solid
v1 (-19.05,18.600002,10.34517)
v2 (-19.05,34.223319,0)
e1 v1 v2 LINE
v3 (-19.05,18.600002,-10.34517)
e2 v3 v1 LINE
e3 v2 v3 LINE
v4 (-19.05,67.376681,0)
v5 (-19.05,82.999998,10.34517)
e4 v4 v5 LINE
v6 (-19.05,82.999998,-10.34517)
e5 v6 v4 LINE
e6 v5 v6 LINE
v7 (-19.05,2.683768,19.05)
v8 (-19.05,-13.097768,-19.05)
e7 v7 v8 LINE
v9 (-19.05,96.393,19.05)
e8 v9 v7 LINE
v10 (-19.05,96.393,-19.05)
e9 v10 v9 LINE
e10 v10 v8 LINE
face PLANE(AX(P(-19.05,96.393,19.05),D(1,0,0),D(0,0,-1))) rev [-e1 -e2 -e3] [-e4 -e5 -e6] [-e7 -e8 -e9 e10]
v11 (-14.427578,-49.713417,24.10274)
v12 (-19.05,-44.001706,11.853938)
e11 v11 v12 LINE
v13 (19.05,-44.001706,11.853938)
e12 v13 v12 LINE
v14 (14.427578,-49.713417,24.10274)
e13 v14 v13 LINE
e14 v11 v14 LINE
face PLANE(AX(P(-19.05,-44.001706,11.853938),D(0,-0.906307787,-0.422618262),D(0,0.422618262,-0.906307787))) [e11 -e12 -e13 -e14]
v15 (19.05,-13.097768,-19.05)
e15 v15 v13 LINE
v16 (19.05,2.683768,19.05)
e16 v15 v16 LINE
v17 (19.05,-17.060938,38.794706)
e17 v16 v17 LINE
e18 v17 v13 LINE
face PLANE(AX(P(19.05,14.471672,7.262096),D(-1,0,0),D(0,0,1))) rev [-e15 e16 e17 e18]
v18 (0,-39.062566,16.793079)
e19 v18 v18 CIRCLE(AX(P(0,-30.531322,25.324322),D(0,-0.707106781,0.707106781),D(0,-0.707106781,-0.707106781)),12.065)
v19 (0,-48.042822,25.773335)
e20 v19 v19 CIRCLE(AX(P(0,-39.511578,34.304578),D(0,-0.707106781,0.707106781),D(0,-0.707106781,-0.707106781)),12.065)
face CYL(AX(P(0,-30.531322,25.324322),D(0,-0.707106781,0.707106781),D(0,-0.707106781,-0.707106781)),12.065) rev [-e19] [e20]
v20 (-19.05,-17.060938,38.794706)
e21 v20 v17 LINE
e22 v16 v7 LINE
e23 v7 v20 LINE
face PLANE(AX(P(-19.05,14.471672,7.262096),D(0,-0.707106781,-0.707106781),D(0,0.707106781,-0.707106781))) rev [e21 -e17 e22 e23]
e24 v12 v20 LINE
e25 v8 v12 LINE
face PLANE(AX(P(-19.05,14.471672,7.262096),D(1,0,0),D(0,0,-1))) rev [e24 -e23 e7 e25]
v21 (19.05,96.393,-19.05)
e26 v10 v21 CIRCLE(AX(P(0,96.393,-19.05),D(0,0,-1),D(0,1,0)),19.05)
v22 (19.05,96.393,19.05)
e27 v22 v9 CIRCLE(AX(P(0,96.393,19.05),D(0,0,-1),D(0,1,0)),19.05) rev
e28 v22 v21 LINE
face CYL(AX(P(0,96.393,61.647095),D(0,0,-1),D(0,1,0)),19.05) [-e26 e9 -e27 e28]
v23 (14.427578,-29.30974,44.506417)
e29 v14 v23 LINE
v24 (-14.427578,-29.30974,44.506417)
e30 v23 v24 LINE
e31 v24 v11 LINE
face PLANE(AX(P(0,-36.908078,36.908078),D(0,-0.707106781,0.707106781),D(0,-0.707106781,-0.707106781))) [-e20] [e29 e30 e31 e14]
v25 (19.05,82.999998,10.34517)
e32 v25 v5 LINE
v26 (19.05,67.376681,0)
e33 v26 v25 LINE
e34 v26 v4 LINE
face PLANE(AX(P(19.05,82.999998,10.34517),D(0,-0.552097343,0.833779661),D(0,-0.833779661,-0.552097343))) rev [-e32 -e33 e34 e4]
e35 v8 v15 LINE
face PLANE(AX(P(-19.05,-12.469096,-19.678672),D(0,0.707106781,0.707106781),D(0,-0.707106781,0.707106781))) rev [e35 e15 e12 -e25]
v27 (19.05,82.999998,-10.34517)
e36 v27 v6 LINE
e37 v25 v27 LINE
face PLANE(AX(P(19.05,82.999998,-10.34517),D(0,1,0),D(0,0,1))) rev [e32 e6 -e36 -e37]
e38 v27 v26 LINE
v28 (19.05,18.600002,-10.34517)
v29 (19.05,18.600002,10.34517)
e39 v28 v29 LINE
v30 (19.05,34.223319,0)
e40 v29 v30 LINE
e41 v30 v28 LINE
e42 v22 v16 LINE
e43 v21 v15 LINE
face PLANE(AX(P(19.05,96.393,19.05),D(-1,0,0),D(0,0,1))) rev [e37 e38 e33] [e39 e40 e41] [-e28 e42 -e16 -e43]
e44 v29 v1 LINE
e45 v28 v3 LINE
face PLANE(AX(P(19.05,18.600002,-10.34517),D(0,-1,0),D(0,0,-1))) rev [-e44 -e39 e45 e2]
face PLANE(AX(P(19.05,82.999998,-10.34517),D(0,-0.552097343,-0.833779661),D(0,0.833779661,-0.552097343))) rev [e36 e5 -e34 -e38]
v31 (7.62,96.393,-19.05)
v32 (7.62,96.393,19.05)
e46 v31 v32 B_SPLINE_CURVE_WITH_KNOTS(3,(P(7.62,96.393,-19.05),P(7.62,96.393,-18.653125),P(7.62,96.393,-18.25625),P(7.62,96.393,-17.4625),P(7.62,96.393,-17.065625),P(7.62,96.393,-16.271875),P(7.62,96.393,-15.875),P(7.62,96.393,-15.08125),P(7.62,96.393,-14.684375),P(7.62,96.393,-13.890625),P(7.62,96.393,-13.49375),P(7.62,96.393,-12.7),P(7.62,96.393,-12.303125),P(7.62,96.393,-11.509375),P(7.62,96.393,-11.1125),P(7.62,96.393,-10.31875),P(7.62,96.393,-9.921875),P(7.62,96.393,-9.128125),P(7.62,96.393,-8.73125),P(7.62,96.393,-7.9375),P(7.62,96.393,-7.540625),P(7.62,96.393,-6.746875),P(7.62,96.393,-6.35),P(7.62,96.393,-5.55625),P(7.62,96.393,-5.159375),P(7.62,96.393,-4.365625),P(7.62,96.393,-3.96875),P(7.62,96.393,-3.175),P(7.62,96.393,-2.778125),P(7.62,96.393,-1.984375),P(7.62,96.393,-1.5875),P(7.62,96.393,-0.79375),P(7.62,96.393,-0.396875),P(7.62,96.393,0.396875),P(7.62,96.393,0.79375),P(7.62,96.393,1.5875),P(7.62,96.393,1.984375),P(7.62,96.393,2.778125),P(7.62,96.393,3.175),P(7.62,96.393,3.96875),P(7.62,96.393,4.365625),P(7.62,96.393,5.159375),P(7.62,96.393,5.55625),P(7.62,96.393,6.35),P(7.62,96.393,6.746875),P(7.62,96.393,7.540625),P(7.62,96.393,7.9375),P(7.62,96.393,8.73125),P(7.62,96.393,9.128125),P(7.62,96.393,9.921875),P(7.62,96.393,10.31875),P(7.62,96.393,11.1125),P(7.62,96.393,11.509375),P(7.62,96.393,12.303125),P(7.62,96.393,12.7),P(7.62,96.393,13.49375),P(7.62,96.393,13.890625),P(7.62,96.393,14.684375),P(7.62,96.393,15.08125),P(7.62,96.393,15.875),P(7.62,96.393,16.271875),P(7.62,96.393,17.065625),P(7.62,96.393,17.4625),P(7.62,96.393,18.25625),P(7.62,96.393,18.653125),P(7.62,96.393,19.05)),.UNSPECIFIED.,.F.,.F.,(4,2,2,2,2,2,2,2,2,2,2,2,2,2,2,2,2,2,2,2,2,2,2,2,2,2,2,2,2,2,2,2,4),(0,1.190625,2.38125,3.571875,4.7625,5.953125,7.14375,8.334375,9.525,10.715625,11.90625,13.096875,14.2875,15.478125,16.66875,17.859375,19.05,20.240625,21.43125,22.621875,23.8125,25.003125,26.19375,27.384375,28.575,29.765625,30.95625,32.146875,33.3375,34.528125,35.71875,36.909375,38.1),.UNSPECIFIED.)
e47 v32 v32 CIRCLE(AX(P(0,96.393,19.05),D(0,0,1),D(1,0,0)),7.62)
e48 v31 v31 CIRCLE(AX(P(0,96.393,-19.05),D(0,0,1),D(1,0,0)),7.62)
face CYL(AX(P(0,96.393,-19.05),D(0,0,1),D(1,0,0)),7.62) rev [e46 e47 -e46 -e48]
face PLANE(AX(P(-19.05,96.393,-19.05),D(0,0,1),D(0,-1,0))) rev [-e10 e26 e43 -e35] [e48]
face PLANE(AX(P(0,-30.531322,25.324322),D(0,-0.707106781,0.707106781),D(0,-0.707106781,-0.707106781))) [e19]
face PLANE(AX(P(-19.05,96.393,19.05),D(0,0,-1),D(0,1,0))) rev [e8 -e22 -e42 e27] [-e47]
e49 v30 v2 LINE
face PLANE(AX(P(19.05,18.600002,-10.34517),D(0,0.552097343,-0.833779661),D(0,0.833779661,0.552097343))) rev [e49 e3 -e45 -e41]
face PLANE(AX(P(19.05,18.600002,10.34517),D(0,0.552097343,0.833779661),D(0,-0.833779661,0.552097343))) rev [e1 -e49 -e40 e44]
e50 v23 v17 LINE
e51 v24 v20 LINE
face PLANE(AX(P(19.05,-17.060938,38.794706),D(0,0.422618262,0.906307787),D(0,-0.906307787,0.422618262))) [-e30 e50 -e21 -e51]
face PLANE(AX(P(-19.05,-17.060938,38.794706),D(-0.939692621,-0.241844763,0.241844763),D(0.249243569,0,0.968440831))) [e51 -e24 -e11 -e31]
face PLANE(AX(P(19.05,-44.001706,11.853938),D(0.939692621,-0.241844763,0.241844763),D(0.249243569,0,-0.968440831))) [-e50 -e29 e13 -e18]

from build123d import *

# Parameters (mm, degrees)
SKETCH11_W          = 38.1
SKETCH11_H          = 38.1
SKETCH12_W          = 38.1
SKETCH12_H          = 38.1
BOSS_EXTRUDE5_DEPTH = 12.7
BOSS_EXTRUDE5_TAPER = 20
BOSS_EXTRUDE6_DEPTH = 38.1
SKETCH14_R          = 7.62
CUT_EXTRUDE2_DEPTH  = 38.1
SKETCH15_R          = 12.065
CUT_EXTRUDE3_DEPTH  = 12.7
CUT_EXTRUDE4_DEPTH  = 38.1


with BuildPart() as part:
    # Sweep1: sweep along a path in Sketch10
    with BuildLine(Plane(origin=(0, 0, 0), x_dir=(0, 0, -1), z_dir=(1, 0, 0))) as sweep1_path:
        Line((0, 96.393), (0, -5.207))
        Line((0, -5.207), (-25.324322261, -30.531322261))
    # Sketch11 → Sweep1 (sweep)
    with BuildSketch(Plane(origin=(0, 96.393, 0), x_dir=(1, 0, 0), z_dir=(0, 1, 0))):
        Rectangle(SKETCH11_W, SKETCH11_H)
    sweep(path=sweep1_path.line, transition=Transition.RIGHT)

    # Sketch12 → Boss-Extrude5 (add)
    with BuildSketch(Plane(origin=(0, -27.927822261, 27.927822261), x_dir=(1, 0, 0), z_dir=(0, -0.7071067811865461, 0.7071067811865489))):
        with Locations((0, -3.68190501)):
            Rectangle(SKETCH12_W, SKETCH12_H)
    extrude(amount=BOSS_EXTRUDE5_DEPTH, taper=BOSS_EXTRUDE5_TAPER)

    # Sketch13 → Boss-Extrude6 (add)
    with BuildSketch(Plane(origin=(0, 0, -19.05), x_dir=(-1, 0, 0), z_dir=(0, 0, -1))):
        with BuildLine():
            Line((-19.05, 96.393), (19.05, 96.393))
            ThreePointArc((19.05, 96.393), (0, 115.443), (-19.05, 96.393))
        make_face()
    extrude(amount=-BOSS_EXTRUDE6_DEPTH)

    # Sketch14 → Cut-Extrude2 (cut)
    with BuildSketch(Plane.XY.offset(19.05)):
        with Locations((0, 96.393)):
            Circle(SKETCH14_R)
    extrude(amount=-CUT_EXTRUDE2_DEPTH, mode=Mode.SUBTRACT)

    # Sketch15 → Cut-Extrude3 (cut)
    with BuildSketch(Plane(origin=(0, -36.908078382, 36.908078382), x_dir=(1, 0, 0), z_dir=(0, -0.7071067811865461, 0.7071067811865489))):
        with Locations(Location((0, -3.68190501, 0), (0, 0, 270))):
            Circle(SKETCH15_R)
    extrude(amount=-CUT_EXTRUDE3_DEPTH, mode=Mode.SUBTRACT)

    # Sketch16 → Cut-Extrude4 (cut)
    with BuildSketch(Plane.ZY.offset(19.05)):
        Polygon((-10.345169525, 82.99999799), (10.345169525, 82.99999799), (0, 67.376680748), align=None)
        Polygon((10.345169525, 18.60000201), (0, 34.223319252), (-10.345169525, 18.60000201), align=None)
    extrude(amount=-CUT_EXTRUDE4_DEPTH, mode=Mode.SUBTRACT)


solid = part.part
